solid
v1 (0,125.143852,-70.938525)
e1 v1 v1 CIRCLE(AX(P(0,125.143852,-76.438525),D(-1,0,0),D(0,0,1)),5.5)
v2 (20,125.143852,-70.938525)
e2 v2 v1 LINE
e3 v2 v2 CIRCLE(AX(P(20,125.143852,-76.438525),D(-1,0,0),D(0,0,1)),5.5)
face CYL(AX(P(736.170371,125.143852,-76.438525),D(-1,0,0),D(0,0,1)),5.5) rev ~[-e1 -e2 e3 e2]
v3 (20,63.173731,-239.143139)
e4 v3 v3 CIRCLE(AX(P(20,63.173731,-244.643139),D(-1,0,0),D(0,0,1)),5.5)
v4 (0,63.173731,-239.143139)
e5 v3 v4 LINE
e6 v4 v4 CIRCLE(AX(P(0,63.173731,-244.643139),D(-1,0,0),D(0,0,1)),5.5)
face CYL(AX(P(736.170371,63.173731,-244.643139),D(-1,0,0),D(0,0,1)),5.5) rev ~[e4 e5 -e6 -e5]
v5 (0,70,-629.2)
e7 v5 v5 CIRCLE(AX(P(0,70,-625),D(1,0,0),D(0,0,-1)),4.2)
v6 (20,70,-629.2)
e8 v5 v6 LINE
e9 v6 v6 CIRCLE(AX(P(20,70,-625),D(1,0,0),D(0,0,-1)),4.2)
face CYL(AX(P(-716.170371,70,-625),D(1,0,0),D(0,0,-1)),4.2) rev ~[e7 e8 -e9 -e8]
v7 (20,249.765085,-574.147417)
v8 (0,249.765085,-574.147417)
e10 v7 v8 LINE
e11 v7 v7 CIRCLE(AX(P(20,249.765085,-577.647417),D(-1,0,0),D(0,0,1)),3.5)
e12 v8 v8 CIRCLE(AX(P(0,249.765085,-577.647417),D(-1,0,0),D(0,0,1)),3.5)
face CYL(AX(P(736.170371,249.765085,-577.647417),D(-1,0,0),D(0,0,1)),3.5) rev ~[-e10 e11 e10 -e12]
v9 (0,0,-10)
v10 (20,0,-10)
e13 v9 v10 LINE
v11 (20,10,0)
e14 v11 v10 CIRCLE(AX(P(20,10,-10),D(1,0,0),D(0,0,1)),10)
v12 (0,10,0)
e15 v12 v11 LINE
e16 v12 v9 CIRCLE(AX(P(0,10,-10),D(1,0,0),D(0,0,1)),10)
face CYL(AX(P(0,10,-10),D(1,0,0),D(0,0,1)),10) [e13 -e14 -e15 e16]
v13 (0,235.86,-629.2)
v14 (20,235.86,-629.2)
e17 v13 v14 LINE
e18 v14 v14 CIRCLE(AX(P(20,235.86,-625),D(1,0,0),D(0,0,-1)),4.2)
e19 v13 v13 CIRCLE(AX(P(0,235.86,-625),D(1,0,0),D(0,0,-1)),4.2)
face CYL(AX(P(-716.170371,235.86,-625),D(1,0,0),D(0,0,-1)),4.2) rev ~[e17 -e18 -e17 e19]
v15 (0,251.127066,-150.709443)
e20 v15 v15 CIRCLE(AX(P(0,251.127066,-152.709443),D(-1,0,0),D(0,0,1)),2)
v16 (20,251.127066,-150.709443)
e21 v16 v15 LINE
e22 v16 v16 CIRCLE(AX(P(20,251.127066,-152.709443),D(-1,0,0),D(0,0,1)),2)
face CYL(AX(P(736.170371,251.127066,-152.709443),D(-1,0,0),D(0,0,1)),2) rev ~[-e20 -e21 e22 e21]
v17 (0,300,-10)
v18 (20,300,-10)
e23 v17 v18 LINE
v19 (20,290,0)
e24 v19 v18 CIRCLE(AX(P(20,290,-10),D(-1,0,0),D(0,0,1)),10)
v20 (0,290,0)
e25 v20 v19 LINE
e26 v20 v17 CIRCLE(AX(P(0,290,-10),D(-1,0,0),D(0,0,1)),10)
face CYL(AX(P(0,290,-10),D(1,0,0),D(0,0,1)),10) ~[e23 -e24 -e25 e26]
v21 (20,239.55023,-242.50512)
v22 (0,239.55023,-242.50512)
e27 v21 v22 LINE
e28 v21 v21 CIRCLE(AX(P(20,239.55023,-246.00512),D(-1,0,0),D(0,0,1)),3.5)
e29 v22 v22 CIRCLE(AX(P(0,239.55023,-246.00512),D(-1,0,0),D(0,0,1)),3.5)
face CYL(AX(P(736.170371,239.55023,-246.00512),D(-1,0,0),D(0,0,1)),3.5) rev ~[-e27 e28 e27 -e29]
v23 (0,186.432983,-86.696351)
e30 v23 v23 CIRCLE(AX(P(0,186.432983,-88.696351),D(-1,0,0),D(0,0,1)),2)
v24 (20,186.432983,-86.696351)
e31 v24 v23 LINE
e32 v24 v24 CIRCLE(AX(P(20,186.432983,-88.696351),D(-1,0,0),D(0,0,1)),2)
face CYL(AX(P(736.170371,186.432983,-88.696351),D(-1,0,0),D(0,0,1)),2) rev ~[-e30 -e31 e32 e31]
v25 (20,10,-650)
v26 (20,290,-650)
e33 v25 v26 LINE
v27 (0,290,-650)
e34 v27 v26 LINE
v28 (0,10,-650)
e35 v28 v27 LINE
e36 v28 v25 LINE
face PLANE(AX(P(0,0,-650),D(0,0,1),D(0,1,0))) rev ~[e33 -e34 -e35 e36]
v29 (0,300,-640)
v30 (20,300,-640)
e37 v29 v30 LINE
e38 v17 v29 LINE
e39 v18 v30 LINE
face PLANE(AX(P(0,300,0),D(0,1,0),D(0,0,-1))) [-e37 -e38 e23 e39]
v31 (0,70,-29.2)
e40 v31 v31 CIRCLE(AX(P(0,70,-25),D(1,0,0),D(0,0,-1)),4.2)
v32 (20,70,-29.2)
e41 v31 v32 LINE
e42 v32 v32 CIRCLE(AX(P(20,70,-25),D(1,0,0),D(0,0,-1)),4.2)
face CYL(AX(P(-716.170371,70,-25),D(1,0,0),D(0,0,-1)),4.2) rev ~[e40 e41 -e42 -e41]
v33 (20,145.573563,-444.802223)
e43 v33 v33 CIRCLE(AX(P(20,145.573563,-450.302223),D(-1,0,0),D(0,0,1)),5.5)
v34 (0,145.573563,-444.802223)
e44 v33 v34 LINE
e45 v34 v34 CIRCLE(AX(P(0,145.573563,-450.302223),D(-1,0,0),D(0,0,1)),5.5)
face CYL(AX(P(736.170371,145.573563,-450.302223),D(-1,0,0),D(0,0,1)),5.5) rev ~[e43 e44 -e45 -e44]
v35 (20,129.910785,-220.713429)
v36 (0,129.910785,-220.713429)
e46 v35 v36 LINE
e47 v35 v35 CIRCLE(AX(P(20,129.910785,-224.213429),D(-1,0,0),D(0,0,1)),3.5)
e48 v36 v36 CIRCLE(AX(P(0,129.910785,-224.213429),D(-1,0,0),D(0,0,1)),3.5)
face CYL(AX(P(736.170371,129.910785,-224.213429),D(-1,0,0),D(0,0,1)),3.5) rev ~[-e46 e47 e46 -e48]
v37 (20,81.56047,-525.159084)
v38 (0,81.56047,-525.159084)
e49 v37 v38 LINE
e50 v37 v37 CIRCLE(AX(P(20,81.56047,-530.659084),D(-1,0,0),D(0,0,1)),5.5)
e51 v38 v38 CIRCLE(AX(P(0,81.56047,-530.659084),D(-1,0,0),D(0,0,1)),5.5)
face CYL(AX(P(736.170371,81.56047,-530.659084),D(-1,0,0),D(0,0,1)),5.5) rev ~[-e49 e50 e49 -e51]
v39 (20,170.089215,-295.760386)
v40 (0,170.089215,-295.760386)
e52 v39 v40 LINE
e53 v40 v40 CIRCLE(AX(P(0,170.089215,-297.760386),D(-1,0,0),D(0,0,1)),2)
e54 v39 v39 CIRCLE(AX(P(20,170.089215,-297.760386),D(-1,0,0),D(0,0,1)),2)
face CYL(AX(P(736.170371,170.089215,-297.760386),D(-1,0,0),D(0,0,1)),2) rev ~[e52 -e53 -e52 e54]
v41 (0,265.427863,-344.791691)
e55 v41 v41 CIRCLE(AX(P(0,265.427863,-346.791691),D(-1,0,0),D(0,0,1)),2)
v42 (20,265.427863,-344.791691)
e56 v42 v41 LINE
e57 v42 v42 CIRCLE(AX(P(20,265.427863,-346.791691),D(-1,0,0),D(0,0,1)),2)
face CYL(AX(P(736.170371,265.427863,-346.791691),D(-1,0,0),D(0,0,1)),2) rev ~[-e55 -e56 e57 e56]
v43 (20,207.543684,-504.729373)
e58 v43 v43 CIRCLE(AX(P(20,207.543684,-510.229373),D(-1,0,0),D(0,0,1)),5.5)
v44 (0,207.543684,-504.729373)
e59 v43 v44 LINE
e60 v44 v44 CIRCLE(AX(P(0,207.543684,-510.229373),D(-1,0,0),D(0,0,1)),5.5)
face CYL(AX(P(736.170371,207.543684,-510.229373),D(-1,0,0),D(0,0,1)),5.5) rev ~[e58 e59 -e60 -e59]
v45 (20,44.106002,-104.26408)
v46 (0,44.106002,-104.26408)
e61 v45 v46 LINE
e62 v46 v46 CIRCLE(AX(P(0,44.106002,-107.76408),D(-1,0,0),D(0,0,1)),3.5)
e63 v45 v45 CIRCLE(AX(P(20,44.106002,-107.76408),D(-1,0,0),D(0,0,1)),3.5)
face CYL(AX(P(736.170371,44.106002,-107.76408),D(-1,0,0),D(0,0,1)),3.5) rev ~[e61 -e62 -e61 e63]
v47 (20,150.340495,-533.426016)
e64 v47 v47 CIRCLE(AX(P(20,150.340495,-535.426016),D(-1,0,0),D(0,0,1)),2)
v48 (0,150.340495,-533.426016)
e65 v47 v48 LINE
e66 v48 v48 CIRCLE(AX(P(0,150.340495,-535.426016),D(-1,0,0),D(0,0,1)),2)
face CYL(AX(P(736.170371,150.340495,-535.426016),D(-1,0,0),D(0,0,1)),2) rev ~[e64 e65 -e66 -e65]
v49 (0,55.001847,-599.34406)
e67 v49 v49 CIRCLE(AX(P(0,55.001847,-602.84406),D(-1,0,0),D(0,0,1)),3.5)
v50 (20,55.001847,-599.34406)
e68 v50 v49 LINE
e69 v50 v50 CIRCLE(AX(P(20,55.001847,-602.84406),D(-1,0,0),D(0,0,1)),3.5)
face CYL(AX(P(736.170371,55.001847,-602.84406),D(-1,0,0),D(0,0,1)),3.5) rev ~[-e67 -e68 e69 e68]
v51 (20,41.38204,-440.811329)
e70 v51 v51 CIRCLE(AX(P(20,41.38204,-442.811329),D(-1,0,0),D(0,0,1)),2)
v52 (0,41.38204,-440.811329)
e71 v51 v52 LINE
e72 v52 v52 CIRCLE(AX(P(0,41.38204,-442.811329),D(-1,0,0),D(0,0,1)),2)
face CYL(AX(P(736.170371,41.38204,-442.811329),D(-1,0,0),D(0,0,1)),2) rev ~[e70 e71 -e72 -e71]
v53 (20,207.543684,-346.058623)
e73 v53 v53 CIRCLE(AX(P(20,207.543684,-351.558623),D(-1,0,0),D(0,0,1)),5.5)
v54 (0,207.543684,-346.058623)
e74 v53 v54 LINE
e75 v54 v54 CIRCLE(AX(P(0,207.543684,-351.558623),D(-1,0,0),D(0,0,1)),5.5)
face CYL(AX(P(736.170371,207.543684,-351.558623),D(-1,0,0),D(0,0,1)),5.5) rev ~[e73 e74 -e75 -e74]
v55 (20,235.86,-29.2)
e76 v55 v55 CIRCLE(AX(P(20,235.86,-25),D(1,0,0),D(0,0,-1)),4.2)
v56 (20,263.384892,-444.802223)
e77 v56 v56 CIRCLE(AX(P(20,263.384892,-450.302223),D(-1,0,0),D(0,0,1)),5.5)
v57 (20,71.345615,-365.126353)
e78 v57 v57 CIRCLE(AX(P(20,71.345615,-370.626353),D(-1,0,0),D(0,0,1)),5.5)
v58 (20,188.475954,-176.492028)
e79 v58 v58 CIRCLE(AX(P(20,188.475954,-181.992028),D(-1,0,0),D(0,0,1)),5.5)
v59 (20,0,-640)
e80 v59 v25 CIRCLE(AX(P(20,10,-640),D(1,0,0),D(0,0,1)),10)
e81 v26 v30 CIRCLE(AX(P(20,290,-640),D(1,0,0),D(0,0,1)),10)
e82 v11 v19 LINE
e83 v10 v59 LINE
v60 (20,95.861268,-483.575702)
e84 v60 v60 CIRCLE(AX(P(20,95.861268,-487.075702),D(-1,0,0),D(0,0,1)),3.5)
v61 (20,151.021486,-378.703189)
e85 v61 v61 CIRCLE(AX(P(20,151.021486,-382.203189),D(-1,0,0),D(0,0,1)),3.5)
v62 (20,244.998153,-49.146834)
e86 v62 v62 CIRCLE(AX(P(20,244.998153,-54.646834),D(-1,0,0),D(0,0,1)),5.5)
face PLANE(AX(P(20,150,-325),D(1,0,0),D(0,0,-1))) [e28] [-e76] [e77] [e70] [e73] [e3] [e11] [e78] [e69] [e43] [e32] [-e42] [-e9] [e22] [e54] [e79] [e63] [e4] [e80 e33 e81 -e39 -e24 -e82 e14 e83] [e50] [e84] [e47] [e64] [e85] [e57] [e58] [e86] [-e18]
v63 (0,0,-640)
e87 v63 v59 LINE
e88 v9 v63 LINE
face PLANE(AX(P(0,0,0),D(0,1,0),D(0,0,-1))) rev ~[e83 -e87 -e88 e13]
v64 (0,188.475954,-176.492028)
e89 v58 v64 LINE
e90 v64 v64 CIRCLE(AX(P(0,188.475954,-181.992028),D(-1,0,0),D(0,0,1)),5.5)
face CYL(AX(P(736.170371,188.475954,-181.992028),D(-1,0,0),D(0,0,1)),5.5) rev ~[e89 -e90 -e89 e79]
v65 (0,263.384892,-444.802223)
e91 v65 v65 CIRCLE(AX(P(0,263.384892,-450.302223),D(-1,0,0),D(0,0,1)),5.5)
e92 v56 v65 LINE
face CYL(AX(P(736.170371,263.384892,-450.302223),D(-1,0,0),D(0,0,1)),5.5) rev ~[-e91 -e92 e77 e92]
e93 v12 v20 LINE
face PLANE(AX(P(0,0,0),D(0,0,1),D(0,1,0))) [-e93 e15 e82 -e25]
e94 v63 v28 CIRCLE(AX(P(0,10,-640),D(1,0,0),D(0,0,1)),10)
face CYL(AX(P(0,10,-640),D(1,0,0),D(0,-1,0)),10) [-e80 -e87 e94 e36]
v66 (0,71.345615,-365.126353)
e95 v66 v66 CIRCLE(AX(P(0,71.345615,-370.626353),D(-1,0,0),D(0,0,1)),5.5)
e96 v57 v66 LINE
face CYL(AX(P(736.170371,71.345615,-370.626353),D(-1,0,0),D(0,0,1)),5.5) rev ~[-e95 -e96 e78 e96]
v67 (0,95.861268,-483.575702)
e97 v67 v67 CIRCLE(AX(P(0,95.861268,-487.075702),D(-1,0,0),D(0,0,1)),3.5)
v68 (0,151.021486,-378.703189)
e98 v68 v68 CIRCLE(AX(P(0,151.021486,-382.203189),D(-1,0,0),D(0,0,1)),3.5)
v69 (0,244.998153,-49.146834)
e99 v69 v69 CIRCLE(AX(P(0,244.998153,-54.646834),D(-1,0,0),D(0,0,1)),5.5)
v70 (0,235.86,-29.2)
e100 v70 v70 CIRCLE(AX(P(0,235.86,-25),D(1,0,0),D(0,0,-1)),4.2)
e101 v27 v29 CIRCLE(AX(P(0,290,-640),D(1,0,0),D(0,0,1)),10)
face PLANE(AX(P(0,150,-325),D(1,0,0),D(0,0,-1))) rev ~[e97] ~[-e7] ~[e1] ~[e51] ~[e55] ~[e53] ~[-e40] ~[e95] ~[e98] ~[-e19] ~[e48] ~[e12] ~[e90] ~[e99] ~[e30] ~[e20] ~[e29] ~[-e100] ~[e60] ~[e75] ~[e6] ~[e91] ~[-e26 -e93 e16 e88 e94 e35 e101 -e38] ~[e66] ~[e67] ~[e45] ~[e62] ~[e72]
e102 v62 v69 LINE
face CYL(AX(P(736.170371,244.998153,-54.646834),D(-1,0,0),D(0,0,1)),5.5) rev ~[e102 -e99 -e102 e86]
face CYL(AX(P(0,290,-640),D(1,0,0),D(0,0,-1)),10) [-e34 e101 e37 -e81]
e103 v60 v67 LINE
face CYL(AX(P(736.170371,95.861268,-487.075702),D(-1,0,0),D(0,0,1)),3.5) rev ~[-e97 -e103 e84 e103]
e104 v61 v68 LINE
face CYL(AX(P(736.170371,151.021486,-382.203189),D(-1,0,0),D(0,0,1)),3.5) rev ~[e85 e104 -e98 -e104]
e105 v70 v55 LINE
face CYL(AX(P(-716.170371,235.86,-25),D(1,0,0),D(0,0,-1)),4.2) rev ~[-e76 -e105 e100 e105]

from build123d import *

# Parameters (mm, degrees)
SKETCH1_W                  = 650
SKETCH1_H                  = 300
BOSS_EXTRUDE1_DEPTH        = 20
FILLET1_R                  = 10
F_11_0_11_DIAMETER_HOLE1_D = 11
F_7_0_7_DIAMETER_HOLE2_D   = 7
F_4_0_4_DIAMETER_HOLE1_D   = 4
M8_CLEARANCE_HOLE1_D       = 8.4


with BuildPart() as part:
    # Sketch1 → Boss-Extrude1 (new body)
    with BuildSketch(Plane(origin=(0, 0, 0), x_dir=(0, 0, -1), z_dir=(1, 0, 0))):
        with Locations((325, 150)):
            Rectangle(SKETCH1_W, SKETCH1_H)
    extrude(amount=BOSS_EXTRUDE1_DEPTH)

    # Fillet1
    fillet1_edges = [part.edges().sort_by_distance(p)[0] for p in [
        (10, 300, 0),
        (10, 300, -650),
        (10, 0, -650),
        (10, 0, 0),
    ]]
    fillet(fillet1_edges, radius=FILLET1_R)

    # Ø11.0 (11) Diameter Hole1 (through all)
    with Locations(Plane(origin=(20, 0, 0), x_dir=(0, 0, -1), z_dir=(1, 0, 0))):
        with Locations((54.646833709, 244.998152891), (530.659083677, 81.560470498), (510.229373378, 207.543684009), (244.64313949, 63.173731229), (181.992027906, 188.475954397), (351.558623389, 207.543684009), (370.626353001, 71.345615349), (76.438524695, 125.143852469), (450.302223168, 145.573562769), (450.302223168, 263.38489216)):
            Hole(F_11_0_11_DIAMETER_HOLE1_D / 2)

    # Ø7.0 (7) Diameter Hole2 (through all)
    with Locations(Plane(origin=(20, 0, 0), x_dir=(0, 0, -1), z_dir=(1, 0, 0))):
        with Locations((107.764080486, 44.106001616), (224.213429191, 129.910784873), (246.005120177, 239.550230144), (487.075701706, 95.861267707), (382.203188837, 151.021485515), (577.647417365, 249.765085294), (602.844060068, 55.001847109)):
            Hole(F_7_0_7_DIAMETER_HOLE2_D / 2)

    # Ø4.0 (4) Diameter Hole1 (through all)
    with Locations(Plane(origin=(20, 0, 0), x_dir=(0, 0, -1), z_dir=(1, 0, 0))):
        with Locations((152.709443144, 251.12706598), (88.696350874, 186.432983367), (297.760386268, 170.089215127), (346.791690986, 265.42786319), (535.426016081, 150.340495172), (442.811329391, 41.382040243)):
            Hole(F_4_0_4_DIAMETER_HOLE1_D / 2)

    # M8 Clearance Hole1 (through all)
    with Locations(Plane.ZY):
        with Locations((-625, 235.86), (-625, 70), (-25, 70), (-25, 235.86)):
            Hole(M8_CLEARANCE_HOLE1_D / 2)


solid = part.part
